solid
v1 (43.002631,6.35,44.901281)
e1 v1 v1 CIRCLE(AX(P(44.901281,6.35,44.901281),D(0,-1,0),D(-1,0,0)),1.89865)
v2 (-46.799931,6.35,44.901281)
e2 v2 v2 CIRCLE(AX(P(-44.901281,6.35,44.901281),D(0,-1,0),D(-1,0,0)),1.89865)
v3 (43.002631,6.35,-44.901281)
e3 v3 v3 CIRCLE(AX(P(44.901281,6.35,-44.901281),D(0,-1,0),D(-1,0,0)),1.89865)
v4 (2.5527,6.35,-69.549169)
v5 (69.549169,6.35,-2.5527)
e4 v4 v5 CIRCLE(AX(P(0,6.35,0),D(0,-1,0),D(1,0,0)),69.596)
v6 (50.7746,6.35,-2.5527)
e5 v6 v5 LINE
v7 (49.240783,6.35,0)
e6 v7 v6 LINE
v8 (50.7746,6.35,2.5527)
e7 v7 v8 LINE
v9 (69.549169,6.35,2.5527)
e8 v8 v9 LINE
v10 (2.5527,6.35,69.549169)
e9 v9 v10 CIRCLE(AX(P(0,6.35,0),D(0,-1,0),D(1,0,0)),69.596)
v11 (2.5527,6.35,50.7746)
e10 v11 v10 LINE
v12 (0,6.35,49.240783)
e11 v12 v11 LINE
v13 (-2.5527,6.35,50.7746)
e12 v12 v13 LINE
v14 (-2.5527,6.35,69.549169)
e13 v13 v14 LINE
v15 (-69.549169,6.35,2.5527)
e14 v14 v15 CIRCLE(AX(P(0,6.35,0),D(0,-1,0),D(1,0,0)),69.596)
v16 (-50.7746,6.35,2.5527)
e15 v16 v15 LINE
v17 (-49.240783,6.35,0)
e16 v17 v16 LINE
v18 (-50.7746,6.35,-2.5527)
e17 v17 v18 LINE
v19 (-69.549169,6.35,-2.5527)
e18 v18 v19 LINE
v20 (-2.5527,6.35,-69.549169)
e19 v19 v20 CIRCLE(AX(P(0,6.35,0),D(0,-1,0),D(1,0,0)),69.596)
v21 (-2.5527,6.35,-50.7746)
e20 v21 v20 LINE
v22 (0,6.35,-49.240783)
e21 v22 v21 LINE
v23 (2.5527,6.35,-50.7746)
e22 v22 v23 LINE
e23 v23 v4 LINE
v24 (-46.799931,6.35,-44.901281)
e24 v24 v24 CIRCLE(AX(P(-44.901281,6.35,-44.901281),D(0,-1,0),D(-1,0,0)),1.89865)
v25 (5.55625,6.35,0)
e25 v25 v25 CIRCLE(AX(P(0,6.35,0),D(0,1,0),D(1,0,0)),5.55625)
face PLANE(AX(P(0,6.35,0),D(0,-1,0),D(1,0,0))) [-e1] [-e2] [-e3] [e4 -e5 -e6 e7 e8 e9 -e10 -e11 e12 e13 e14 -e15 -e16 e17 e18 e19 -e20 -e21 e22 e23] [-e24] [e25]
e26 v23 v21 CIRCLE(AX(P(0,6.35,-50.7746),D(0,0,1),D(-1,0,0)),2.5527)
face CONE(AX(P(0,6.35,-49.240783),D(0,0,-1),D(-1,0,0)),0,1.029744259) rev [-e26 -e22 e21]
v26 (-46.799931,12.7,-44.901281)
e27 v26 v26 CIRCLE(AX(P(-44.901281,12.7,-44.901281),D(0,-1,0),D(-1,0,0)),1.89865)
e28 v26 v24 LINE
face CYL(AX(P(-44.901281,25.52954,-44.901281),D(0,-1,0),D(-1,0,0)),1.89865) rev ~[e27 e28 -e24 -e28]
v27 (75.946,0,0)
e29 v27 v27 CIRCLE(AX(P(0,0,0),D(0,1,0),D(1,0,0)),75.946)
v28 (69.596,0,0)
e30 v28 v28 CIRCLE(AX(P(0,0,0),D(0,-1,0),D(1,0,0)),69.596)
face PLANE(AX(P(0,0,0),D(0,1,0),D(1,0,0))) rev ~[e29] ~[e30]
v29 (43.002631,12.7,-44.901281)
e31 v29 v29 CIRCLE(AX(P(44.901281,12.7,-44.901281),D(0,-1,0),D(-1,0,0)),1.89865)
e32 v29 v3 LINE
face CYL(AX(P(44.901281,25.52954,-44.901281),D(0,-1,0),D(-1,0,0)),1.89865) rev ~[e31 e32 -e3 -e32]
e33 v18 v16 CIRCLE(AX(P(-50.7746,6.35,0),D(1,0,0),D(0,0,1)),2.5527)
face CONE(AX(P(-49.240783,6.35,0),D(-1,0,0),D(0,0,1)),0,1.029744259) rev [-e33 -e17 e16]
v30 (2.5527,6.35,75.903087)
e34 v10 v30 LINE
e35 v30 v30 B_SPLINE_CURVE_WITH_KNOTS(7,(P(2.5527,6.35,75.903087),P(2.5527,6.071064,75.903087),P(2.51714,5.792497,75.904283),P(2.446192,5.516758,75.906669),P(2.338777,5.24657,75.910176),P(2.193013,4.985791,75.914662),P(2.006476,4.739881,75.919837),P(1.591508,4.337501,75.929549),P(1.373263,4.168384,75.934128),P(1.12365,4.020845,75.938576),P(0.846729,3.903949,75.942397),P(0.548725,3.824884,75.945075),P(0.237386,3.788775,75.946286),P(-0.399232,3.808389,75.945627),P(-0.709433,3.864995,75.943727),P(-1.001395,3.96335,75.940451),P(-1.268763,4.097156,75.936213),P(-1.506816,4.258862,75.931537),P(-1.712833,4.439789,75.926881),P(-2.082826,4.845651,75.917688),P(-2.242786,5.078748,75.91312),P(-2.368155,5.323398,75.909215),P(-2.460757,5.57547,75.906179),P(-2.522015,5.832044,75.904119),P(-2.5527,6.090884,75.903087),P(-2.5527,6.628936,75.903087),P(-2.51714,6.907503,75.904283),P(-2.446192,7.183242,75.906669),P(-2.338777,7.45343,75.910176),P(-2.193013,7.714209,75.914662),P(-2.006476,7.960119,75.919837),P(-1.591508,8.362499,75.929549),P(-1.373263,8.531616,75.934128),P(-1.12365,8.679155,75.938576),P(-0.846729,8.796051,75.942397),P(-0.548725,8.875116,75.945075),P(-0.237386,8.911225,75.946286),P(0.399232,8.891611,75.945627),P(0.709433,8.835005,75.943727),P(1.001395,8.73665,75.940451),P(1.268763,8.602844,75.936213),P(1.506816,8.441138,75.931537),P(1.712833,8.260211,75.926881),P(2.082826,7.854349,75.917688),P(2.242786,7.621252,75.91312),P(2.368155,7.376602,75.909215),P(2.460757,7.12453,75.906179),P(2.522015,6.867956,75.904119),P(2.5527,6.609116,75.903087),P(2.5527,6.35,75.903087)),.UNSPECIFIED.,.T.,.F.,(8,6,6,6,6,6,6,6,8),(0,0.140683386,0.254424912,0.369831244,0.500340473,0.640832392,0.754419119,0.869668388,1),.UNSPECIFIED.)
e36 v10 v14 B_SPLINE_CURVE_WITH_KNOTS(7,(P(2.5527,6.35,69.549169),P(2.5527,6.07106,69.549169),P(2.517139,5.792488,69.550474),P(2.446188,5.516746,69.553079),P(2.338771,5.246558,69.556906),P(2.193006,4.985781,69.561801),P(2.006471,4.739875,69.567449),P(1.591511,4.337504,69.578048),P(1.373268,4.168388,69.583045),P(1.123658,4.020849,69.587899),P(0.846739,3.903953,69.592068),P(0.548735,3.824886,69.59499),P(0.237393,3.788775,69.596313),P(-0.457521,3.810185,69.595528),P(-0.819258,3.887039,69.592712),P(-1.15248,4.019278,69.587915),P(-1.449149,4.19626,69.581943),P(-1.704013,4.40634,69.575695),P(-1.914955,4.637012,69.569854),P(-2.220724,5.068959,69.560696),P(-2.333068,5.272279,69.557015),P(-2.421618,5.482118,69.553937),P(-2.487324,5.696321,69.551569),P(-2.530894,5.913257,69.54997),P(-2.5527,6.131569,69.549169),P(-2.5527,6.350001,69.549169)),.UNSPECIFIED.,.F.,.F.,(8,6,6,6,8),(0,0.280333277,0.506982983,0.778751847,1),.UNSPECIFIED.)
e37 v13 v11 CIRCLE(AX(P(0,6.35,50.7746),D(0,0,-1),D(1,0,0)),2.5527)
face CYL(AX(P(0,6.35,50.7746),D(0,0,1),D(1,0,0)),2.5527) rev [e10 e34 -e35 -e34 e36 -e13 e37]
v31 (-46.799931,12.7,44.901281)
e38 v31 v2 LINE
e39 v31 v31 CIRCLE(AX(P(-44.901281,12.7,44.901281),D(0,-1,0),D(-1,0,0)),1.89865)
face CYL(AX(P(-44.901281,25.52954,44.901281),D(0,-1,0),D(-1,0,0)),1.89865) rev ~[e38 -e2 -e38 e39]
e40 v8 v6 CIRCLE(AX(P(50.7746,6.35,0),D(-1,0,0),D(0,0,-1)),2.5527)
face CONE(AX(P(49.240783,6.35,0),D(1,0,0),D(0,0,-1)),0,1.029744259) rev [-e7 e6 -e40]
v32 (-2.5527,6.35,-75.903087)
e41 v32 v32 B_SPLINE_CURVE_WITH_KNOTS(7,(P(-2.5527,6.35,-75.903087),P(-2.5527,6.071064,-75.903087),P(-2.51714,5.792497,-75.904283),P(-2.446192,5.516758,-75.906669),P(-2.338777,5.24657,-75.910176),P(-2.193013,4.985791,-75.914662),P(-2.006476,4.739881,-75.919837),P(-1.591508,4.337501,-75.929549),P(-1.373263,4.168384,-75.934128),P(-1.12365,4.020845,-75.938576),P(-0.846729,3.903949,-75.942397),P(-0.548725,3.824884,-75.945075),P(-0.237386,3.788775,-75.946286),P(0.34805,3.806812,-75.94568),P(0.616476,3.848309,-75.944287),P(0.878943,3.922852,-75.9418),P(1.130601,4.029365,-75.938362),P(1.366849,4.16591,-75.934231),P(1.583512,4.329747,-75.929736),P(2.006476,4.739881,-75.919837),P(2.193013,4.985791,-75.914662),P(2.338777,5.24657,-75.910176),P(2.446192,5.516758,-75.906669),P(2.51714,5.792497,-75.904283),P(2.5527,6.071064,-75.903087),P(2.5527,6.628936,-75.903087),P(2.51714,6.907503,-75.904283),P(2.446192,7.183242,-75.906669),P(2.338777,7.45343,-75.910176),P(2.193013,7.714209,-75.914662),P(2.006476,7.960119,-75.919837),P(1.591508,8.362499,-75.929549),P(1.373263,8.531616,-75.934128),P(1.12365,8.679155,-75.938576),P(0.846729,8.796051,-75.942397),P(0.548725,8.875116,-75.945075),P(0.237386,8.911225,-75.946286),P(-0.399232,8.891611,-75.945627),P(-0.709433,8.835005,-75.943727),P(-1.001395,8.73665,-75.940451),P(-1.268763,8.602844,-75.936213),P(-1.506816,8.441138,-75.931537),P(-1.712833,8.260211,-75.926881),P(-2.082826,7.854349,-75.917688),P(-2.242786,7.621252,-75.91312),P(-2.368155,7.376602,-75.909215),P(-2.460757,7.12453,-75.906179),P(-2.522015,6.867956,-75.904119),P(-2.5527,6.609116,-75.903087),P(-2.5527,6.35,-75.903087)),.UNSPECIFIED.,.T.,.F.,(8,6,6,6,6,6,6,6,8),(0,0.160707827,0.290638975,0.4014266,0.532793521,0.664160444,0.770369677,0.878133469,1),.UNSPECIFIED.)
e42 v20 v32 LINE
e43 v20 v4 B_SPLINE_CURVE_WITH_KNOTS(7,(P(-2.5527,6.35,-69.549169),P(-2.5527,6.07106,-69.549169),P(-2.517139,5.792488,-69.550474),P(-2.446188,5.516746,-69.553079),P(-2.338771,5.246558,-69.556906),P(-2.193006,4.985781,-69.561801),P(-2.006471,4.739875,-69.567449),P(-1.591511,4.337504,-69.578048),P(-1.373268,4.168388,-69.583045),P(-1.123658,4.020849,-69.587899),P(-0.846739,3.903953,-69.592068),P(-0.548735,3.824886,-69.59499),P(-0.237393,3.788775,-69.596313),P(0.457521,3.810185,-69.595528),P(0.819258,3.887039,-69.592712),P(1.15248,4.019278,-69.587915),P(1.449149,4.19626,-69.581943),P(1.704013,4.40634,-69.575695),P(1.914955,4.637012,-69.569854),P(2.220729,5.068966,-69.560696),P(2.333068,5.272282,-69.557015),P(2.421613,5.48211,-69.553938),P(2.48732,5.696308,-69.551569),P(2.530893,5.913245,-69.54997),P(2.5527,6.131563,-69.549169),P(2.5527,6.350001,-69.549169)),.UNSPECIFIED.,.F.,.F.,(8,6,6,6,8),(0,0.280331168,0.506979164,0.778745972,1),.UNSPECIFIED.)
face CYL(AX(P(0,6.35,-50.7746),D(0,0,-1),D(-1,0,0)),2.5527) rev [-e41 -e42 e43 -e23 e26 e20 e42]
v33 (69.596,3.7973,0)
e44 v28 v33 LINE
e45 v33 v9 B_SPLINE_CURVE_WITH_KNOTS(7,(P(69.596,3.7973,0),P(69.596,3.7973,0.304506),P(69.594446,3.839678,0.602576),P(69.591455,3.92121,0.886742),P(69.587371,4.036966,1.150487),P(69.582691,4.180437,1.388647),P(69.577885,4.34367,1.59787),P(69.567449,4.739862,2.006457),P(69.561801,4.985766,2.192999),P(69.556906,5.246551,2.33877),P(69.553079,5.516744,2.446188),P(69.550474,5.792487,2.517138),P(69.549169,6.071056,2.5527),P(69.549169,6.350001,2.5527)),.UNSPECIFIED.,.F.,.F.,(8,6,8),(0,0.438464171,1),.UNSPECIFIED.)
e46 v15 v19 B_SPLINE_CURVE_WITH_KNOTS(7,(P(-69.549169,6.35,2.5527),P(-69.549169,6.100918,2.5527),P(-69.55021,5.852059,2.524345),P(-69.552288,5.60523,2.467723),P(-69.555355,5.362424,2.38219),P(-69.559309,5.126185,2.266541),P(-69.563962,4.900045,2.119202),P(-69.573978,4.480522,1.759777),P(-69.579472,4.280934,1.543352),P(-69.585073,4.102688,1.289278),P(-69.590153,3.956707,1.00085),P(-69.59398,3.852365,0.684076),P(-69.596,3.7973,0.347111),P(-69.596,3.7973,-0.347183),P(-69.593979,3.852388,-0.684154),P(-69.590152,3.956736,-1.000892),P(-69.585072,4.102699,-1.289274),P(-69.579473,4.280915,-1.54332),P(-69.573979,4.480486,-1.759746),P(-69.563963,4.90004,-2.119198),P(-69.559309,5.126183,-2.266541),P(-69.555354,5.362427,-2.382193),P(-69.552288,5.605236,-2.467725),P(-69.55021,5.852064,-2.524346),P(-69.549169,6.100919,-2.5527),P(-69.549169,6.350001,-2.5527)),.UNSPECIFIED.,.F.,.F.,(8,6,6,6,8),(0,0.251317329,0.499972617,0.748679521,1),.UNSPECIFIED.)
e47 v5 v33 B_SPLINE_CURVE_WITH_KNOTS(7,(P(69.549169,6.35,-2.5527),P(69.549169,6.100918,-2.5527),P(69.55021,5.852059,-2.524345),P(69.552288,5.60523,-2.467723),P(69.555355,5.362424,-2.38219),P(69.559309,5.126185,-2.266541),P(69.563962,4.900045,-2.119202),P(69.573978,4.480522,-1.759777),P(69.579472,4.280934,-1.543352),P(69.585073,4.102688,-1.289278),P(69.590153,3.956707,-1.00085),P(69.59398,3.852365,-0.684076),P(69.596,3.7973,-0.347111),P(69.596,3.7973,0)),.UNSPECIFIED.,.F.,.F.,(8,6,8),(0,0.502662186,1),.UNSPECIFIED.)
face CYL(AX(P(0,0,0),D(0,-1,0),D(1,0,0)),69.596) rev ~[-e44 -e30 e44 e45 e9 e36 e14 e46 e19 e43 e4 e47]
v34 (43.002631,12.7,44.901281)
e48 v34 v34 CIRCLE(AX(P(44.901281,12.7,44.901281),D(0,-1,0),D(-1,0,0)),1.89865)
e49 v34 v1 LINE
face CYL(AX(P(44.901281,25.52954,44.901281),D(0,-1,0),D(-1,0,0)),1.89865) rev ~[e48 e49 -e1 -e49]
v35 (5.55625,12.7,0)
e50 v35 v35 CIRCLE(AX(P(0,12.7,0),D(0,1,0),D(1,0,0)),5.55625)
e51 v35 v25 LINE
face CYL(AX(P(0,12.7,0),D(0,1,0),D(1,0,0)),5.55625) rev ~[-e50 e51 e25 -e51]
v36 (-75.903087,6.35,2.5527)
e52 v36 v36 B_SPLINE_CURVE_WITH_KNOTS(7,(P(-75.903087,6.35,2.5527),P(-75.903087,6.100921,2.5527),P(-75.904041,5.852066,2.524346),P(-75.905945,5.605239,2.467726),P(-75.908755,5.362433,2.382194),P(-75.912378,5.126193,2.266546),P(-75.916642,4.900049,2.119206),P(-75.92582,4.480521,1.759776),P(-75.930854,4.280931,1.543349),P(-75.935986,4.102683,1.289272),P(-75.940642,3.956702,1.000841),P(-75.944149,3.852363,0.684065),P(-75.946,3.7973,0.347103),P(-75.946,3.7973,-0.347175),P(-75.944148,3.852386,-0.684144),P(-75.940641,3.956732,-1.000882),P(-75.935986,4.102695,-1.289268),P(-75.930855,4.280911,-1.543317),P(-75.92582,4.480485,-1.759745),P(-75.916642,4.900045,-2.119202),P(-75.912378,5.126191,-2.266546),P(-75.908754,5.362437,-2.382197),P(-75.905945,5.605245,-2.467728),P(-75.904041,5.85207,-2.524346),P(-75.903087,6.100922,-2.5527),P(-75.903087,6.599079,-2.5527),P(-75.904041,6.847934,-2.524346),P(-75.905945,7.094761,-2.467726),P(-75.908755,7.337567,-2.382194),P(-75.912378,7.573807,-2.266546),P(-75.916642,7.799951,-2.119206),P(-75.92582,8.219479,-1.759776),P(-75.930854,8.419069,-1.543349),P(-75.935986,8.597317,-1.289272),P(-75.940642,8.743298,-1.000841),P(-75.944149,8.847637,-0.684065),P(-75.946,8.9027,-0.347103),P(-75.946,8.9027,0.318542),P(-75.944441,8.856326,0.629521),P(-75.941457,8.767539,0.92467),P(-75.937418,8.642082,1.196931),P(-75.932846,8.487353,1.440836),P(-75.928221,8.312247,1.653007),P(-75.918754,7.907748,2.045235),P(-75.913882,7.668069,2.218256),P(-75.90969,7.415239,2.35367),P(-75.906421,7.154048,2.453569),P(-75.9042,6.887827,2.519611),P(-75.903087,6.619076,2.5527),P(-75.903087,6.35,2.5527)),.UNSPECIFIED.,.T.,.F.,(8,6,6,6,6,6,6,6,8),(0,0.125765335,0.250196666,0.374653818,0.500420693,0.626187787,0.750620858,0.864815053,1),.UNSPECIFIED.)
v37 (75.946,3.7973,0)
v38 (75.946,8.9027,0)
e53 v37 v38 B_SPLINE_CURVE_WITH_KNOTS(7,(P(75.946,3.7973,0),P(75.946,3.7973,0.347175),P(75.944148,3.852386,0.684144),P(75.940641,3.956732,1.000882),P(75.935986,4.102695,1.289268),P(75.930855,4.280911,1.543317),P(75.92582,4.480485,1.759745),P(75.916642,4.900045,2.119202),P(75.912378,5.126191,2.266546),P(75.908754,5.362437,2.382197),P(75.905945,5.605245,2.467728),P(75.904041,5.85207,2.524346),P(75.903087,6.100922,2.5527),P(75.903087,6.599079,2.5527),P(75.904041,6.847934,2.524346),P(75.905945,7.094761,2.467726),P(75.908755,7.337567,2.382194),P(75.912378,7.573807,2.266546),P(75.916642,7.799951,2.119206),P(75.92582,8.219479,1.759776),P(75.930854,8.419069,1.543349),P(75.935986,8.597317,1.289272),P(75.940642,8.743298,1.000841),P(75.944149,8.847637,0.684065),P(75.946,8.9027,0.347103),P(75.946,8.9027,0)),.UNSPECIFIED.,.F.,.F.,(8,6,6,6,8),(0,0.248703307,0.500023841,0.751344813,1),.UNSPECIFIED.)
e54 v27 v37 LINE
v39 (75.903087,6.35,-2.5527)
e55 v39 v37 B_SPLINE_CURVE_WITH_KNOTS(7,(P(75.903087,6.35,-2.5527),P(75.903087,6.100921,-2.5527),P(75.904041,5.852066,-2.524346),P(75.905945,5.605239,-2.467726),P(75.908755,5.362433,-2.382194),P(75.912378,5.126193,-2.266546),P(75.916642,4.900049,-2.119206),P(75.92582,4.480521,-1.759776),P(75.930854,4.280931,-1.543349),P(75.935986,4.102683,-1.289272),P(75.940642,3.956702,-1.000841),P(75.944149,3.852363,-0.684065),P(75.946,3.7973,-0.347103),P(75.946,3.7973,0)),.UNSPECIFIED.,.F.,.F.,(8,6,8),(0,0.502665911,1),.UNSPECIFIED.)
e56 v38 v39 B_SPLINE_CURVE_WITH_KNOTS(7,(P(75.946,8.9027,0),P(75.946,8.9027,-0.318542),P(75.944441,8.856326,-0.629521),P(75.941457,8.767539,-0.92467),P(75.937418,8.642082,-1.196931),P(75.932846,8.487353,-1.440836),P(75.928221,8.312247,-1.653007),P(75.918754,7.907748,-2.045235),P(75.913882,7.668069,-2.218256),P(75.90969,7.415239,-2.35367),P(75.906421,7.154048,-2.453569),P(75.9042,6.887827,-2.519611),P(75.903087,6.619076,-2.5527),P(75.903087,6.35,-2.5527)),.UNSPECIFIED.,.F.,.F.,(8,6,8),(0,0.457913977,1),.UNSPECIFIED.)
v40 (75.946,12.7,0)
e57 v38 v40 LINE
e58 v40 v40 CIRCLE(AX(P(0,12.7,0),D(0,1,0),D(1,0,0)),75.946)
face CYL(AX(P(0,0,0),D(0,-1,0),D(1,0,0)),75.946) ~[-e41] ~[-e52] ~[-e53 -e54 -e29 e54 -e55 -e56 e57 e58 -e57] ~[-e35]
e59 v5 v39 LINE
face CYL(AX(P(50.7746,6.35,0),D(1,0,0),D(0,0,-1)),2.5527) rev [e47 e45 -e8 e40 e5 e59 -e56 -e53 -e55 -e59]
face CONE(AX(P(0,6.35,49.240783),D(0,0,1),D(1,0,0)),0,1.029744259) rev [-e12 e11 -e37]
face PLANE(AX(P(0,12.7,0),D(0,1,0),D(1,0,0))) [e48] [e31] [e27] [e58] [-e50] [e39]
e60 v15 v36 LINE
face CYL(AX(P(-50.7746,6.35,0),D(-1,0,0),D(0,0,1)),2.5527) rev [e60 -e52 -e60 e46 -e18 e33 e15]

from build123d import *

# Parameters (mm, degrees)
SKETCH2_R                  = 75.946
BOSS_EXTRUDE1_DEPTH        = 12.7
SKETCH3_R                  = 5.55625
CUT_EXTRUDE1_DEPTH         = 1
CUT_EXTRUDE1_DEPTH_BACK    = 13.7
CIRPATTERN2_COUNT          = 4
CIRPATTERN2_ANGLE          = 270
SKETCH11_R                 = 69.596
CUT_EXTRUDE2_DEPTH         = 6.35
F_10_24_TAPPED_HOLE1_D     = 3.7973
F_10_24_TAPPED_HOLE1_DEPTH = 12.82954
F_10_24_TAPPED_HOLE1_TIP   = 1.140824014


with BuildPart() as part:
    # Sketch2 → Boss-Extrude1 (new body)
    with BuildSketch(Plane(origin=(0, 0, 0), x_dir=(1, 0, 0), z_dir=(0, 1, 0))):
        Circle(SKETCH2_R)
    extrude(amount=BOSS_EXTRUDE1_DEPTH)

    # Sketch3 → Cut-Extrude1 (cut, two sides)
    with BuildSketch(Plane(origin=(0, 12.7, 0), x_dir=(1, 0, 0), z_dir=(0, 1, 0))) as cut_extrude1_sk:
        Circle(SKETCH3_R)
    extrude(amount=CUT_EXTRUDE1_DEPTH, mode=Mode.SUBTRACT)
    extrude(cut_extrude1_sk.sketch, amount=-CUT_EXTRUDE1_DEPTH_BACK, mode=Mode.SUBTRACT)

    # Sketch10 → 1/4-20 Tapped Hole1 (revolve, cut)
    with BuildSketch(Plane(origin=(-76.1746, 6.35, 0), x_dir=(0, 0, 1), z_dir=(0, 1, 0))):
        Polygon((0, 0), (0, 26.933816902), (2.5527, 25.4), (2.5527, 0), align=None)
    f_1_4_20_tapped_hole1 = revolve(axis=Axis((-82.5246, 6.35, 0), (1, 0, 0)), mode=Mode.SUBTRACT)

    # CirPattern2: 1/4-20 Tapped Hole1 ×4 about axis
    cirpattern2_axis = Axis((0, 12.7, 0), (0, -1, 0))
    for i in range(1, CIRPATTERN2_COUNT):
        add(f_1_4_20_tapped_hole1.rotate(cirpattern2_axis, i * CIRPATTERN2_ANGLE / (CIRPATTERN2_COUNT - 1)), mode=Mode.SUBTRACT)

    # Sketch11 → Cut-Extrude2 (cut)
    with BuildSketch(Plane.XZ):
        Circle(SKETCH11_R)
    extrude(amount=-CUT_EXTRUDE2_DEPTH, mode=Mode.SUBTRACT)

    # #10-24 Tapped Hole1
    with Locations(Plane(origin=(0, 12.7, 0), x_dir=(1, 0, 0), z_dir=(0, 1, 0))):
        with Locations((0, 0), (44.901280605, 44.901280605), (44.901280605, -44.901280605), (-44.901280605, -44.901280605), (-44.901280605, 44.901280605)):
            Hole(F_10_24_TAPPED_HOLE1_D / 2, depth=F_10_24_TAPPED_HOLE1_DEPTH)
            with Locations((0, 0, -(F_10_24_TAPPED_HOLE1_DEPTH + F_10_24_TAPPED_HOLE1_TIP / 2))):  # 118° drill point
                Cone(0, F_10_24_TAPPED_HOLE1_D / 2, F_10_24_TAPPED_HOLE1_TIP, mode=Mode.SUBTRACT)


solid = part.part
